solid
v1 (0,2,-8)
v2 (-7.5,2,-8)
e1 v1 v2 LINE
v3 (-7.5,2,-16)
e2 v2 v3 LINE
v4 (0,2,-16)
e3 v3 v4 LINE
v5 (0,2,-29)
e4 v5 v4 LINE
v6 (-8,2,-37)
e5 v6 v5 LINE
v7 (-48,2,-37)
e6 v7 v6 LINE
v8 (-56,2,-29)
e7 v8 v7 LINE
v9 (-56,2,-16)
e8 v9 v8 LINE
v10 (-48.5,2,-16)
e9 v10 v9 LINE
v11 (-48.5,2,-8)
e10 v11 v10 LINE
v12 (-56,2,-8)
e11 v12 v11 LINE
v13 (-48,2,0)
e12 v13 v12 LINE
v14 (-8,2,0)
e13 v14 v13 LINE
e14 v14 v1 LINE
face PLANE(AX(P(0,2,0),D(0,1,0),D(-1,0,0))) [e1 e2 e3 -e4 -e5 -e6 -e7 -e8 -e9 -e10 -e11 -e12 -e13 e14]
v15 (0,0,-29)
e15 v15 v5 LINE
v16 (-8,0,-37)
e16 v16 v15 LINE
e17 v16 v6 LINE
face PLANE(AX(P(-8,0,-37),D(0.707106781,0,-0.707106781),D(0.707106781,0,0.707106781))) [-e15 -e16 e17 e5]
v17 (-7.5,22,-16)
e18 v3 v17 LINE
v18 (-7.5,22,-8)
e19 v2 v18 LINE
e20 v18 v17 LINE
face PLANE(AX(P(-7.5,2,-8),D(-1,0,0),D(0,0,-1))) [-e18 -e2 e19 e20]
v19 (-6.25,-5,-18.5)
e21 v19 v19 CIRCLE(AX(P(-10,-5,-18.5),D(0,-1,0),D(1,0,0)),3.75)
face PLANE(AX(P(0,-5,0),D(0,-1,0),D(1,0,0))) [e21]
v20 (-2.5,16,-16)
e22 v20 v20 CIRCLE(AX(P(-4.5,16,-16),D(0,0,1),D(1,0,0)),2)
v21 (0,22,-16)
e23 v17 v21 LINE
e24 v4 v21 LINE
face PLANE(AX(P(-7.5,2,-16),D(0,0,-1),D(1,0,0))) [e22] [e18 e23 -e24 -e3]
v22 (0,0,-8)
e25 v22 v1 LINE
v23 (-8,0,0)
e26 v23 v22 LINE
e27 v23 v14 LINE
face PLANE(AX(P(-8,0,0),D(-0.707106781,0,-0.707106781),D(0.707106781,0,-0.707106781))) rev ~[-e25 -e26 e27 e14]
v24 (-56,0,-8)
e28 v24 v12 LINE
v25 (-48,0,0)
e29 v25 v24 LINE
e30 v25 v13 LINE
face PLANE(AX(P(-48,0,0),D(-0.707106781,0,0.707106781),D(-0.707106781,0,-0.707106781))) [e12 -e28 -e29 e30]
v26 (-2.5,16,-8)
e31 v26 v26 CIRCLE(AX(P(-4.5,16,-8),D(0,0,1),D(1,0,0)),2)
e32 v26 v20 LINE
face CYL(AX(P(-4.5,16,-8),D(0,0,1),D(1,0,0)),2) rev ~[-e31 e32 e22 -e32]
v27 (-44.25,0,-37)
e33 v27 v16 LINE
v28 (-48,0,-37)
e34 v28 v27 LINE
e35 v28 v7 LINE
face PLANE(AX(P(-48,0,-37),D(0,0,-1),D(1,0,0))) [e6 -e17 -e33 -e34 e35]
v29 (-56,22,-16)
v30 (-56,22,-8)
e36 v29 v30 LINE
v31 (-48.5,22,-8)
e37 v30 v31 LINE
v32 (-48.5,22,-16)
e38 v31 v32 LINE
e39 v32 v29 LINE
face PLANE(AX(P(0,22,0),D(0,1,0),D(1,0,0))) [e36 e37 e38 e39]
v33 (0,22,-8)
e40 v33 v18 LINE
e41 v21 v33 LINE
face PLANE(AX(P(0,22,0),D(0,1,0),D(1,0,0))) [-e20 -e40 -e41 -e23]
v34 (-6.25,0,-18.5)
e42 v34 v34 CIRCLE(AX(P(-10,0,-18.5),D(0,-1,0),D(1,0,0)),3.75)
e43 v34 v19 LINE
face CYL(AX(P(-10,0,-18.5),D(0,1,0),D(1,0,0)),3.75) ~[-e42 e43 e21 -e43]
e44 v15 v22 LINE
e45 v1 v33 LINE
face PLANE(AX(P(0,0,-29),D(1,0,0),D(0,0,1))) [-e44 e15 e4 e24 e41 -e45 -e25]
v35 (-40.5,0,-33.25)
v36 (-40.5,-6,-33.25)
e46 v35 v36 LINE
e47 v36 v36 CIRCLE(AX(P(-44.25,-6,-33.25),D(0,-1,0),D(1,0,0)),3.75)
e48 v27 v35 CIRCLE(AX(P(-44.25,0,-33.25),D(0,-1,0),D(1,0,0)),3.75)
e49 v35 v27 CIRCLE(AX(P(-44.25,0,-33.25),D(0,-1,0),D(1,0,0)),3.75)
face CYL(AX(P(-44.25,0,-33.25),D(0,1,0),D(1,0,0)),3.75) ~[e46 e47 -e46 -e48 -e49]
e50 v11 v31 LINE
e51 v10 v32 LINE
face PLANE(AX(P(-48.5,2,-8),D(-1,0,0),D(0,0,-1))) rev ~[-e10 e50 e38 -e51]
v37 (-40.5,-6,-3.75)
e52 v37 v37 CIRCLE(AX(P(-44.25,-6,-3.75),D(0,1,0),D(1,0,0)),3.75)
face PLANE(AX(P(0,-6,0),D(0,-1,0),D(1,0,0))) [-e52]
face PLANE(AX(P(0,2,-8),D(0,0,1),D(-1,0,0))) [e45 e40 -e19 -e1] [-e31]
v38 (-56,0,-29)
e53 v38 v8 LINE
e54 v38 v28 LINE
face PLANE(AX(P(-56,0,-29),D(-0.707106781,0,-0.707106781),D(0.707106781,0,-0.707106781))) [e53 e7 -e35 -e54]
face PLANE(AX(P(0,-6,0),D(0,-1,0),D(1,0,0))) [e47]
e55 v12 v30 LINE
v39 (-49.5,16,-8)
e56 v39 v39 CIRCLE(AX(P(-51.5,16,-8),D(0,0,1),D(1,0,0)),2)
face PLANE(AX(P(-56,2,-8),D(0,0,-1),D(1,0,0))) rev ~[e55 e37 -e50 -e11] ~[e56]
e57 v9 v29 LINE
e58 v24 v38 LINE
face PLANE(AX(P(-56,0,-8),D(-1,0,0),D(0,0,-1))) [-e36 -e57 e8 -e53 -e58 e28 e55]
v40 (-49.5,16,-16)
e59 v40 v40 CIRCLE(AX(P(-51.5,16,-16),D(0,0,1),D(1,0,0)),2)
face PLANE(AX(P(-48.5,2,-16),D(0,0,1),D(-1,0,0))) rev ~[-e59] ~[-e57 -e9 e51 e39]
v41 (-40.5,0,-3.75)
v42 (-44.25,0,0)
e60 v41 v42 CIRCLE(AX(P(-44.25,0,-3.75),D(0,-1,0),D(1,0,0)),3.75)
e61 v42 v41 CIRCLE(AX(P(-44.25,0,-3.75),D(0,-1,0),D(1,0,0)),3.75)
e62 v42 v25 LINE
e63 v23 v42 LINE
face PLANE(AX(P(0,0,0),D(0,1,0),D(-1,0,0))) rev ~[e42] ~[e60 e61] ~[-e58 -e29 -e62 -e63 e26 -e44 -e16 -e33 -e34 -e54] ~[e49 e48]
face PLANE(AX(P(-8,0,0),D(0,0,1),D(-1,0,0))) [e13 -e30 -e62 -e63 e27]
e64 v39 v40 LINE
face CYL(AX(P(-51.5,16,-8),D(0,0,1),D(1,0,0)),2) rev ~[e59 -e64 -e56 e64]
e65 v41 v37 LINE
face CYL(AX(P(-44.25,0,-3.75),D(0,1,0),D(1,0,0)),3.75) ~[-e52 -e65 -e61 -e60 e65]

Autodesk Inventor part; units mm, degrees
ref_plane "YZ Plane" through (0, 0, 0) normal (1, 0, 0) x (0, 1, 0)
ref_plane "XZ Plane" through (0, 0, 0) normal (0, 1, 0) x (-1, 0, 0)
ref_plane "XY Plane" through (0, 0, 0) normal (0, 0, 1) x (1, 0, 0)
sketch "Sketch1" plane through (0, 0, 0) normal (0, 1, 0) x (-1, 0, 0)
  line L0 (56, 0) -> (0, 0) construction
  line L1 (0, 0) -> (0, -37) construction
  line L2 (0, -37) -> (56, -37) construction
  line L3 (56, -37) -> (56, 0) construction
  line L4 (56, 0) -> (48, 0) construction
  line L5 (48, 0) -> (48, -8) construction
  line L6 (48, -8) -> (56, -8) construction
  line L7 (56, -8) -> (56, 0) construction
  line L8 (56, -37) -> (48, -37) construction
  line L9 (48, -37) -> (48, -29) construction
  line L10 (48, -29) -> (56, -29) construction
  line L11 (56, -29) -> (56, -37) construction
  line L12 (0, 0) -> (8, 0) construction
  line L13 (8, 0) -> (8, -8) construction
  line L14 (8, -8) -> (0, -8) construction
  line L15 (0, -8) -> (0, 0) construction
  line L16 (0, -37) -> (8, -37) construction
  line L17 (8, -37) -> (8, -29) construction
  line L18 (8, -29) -> (0, -29) construction
  line L19 (0, -29) -> (0, -37) construction
  line L20 (48, 0) -> (56, -8)
  line L21 (56, -29) -> (48, -37)
  line L22 (8, -37) -> (0, -29)
  line L23 (8, 0) -> (0, -8)
  line L24 (56, -8) -> (56, -29)
  line L25 (48, -37) -> (8, -37)
  line L26 (0, -29) -> (0, -8)
  line L27 (8, 0) -> (48, 0)
  dimension "d0" = 56
  dimension "d1" = 37
  dimension "d2" = 8
  dimension "d3" = 8
  dimension "d4" = 8
  dimension "d5" = 8
  dimension "d6" = 8
  dimension "d7" = 8
  dimension "d8" = 8
  dimension "d9" = 8
extrude "Extrusion1" add sketch "Sketch1" along normal blind 2
sketch "Sketch2" plane through (0, 2, 0) normal (0, 1, 0) x (1, 0, 0)
  line L0 (-56, 29) -> (-56, 8) projected
  line L1 (-56, 8) -> (-48.5, 8)
  line L2 (-48.5, 8) -> (-48.5, 16)
  line L3 (-48.5, 16) -> (-56, 16)
  line L4 (-56, 16) -> (-56, 8)
  line L5 (-8, 0) -> (0, 8) projected
  line L6 (0, 8) -> (-7.5, 8)
  line L7 (-7.5, 8) -> (-7.5, 16)
  line L8 (-7.5, 16) -> (0, 16)
  line L9 (0, 16) -> (0, 8)
  point P0 (0, 0)
  dimension "d12" = 8
  dimension "d13" = 7.5
  dimension "d14" = 8
  dimension "d15" = 7.5
extrude "Extrusion2" add sketch "Sketch2" along normal blind 20
sketch "Sketch3" plane through (-56, 2, -8) normal (0, 0, 1) x (1, 0, 0)
  circle A0 centre (4.5, 14) radius 2
  line L0 (8, 0) -> (48, 0) projected
  line L1 (7.5, 0) -> (7.5, 20) projected
  circle A1 centre (51.5, 14) radius 2
  line L2 (48.5, 0) -> (48.5, 20) projected
  point P0 (56, -2)
  dimension "d18" = 14
  dimension "d19" = 3
  dimension "d20" = 4
  dimension "d21" = 14
  dimension "d22" = 3
  dimension "d23" = 4
extrude "Extrusion3" cut sketch "Sketch3" against normal through all
sketch "Sketch4" plane through (0, 0, 0) normal (0, -1, 0) x (1, 0, 0)
  circle A0 centre (-10, -18.5) radius 3.75
  line L0 (0, -8) -> (0, -29) projected
  line L1 (-48, 0) -> (-8, 0) projected
  circle A1 centre (-44.25, -3.75) radius 3.75
  circle A2 centre (-44.25, -33.25) radius 3.75
  line L2 (-56, -29) -> (-56, -8) projected
  point P0 (0, 0)
  dimension "d26" = 7.5
  dimension "d27" = 10
  dimension "d28" = 18.5
  dimension "d29" = 7.5
  dimension "d30" = 7.5
  dimension "d31" = 29.5
  dimension "d32" = 3.75
  dimension "d33" = 11.75
  dimension "d34" = 11.75
extrude "Extrusion4" add sketch "Sketch4" along normal blind 6 contours A1 | A2
extrude "Extrusion5" add sketch "Sketch4" along normal blind 5 contours A0
properties part number "RCT-P002_servo_plate_mount"
